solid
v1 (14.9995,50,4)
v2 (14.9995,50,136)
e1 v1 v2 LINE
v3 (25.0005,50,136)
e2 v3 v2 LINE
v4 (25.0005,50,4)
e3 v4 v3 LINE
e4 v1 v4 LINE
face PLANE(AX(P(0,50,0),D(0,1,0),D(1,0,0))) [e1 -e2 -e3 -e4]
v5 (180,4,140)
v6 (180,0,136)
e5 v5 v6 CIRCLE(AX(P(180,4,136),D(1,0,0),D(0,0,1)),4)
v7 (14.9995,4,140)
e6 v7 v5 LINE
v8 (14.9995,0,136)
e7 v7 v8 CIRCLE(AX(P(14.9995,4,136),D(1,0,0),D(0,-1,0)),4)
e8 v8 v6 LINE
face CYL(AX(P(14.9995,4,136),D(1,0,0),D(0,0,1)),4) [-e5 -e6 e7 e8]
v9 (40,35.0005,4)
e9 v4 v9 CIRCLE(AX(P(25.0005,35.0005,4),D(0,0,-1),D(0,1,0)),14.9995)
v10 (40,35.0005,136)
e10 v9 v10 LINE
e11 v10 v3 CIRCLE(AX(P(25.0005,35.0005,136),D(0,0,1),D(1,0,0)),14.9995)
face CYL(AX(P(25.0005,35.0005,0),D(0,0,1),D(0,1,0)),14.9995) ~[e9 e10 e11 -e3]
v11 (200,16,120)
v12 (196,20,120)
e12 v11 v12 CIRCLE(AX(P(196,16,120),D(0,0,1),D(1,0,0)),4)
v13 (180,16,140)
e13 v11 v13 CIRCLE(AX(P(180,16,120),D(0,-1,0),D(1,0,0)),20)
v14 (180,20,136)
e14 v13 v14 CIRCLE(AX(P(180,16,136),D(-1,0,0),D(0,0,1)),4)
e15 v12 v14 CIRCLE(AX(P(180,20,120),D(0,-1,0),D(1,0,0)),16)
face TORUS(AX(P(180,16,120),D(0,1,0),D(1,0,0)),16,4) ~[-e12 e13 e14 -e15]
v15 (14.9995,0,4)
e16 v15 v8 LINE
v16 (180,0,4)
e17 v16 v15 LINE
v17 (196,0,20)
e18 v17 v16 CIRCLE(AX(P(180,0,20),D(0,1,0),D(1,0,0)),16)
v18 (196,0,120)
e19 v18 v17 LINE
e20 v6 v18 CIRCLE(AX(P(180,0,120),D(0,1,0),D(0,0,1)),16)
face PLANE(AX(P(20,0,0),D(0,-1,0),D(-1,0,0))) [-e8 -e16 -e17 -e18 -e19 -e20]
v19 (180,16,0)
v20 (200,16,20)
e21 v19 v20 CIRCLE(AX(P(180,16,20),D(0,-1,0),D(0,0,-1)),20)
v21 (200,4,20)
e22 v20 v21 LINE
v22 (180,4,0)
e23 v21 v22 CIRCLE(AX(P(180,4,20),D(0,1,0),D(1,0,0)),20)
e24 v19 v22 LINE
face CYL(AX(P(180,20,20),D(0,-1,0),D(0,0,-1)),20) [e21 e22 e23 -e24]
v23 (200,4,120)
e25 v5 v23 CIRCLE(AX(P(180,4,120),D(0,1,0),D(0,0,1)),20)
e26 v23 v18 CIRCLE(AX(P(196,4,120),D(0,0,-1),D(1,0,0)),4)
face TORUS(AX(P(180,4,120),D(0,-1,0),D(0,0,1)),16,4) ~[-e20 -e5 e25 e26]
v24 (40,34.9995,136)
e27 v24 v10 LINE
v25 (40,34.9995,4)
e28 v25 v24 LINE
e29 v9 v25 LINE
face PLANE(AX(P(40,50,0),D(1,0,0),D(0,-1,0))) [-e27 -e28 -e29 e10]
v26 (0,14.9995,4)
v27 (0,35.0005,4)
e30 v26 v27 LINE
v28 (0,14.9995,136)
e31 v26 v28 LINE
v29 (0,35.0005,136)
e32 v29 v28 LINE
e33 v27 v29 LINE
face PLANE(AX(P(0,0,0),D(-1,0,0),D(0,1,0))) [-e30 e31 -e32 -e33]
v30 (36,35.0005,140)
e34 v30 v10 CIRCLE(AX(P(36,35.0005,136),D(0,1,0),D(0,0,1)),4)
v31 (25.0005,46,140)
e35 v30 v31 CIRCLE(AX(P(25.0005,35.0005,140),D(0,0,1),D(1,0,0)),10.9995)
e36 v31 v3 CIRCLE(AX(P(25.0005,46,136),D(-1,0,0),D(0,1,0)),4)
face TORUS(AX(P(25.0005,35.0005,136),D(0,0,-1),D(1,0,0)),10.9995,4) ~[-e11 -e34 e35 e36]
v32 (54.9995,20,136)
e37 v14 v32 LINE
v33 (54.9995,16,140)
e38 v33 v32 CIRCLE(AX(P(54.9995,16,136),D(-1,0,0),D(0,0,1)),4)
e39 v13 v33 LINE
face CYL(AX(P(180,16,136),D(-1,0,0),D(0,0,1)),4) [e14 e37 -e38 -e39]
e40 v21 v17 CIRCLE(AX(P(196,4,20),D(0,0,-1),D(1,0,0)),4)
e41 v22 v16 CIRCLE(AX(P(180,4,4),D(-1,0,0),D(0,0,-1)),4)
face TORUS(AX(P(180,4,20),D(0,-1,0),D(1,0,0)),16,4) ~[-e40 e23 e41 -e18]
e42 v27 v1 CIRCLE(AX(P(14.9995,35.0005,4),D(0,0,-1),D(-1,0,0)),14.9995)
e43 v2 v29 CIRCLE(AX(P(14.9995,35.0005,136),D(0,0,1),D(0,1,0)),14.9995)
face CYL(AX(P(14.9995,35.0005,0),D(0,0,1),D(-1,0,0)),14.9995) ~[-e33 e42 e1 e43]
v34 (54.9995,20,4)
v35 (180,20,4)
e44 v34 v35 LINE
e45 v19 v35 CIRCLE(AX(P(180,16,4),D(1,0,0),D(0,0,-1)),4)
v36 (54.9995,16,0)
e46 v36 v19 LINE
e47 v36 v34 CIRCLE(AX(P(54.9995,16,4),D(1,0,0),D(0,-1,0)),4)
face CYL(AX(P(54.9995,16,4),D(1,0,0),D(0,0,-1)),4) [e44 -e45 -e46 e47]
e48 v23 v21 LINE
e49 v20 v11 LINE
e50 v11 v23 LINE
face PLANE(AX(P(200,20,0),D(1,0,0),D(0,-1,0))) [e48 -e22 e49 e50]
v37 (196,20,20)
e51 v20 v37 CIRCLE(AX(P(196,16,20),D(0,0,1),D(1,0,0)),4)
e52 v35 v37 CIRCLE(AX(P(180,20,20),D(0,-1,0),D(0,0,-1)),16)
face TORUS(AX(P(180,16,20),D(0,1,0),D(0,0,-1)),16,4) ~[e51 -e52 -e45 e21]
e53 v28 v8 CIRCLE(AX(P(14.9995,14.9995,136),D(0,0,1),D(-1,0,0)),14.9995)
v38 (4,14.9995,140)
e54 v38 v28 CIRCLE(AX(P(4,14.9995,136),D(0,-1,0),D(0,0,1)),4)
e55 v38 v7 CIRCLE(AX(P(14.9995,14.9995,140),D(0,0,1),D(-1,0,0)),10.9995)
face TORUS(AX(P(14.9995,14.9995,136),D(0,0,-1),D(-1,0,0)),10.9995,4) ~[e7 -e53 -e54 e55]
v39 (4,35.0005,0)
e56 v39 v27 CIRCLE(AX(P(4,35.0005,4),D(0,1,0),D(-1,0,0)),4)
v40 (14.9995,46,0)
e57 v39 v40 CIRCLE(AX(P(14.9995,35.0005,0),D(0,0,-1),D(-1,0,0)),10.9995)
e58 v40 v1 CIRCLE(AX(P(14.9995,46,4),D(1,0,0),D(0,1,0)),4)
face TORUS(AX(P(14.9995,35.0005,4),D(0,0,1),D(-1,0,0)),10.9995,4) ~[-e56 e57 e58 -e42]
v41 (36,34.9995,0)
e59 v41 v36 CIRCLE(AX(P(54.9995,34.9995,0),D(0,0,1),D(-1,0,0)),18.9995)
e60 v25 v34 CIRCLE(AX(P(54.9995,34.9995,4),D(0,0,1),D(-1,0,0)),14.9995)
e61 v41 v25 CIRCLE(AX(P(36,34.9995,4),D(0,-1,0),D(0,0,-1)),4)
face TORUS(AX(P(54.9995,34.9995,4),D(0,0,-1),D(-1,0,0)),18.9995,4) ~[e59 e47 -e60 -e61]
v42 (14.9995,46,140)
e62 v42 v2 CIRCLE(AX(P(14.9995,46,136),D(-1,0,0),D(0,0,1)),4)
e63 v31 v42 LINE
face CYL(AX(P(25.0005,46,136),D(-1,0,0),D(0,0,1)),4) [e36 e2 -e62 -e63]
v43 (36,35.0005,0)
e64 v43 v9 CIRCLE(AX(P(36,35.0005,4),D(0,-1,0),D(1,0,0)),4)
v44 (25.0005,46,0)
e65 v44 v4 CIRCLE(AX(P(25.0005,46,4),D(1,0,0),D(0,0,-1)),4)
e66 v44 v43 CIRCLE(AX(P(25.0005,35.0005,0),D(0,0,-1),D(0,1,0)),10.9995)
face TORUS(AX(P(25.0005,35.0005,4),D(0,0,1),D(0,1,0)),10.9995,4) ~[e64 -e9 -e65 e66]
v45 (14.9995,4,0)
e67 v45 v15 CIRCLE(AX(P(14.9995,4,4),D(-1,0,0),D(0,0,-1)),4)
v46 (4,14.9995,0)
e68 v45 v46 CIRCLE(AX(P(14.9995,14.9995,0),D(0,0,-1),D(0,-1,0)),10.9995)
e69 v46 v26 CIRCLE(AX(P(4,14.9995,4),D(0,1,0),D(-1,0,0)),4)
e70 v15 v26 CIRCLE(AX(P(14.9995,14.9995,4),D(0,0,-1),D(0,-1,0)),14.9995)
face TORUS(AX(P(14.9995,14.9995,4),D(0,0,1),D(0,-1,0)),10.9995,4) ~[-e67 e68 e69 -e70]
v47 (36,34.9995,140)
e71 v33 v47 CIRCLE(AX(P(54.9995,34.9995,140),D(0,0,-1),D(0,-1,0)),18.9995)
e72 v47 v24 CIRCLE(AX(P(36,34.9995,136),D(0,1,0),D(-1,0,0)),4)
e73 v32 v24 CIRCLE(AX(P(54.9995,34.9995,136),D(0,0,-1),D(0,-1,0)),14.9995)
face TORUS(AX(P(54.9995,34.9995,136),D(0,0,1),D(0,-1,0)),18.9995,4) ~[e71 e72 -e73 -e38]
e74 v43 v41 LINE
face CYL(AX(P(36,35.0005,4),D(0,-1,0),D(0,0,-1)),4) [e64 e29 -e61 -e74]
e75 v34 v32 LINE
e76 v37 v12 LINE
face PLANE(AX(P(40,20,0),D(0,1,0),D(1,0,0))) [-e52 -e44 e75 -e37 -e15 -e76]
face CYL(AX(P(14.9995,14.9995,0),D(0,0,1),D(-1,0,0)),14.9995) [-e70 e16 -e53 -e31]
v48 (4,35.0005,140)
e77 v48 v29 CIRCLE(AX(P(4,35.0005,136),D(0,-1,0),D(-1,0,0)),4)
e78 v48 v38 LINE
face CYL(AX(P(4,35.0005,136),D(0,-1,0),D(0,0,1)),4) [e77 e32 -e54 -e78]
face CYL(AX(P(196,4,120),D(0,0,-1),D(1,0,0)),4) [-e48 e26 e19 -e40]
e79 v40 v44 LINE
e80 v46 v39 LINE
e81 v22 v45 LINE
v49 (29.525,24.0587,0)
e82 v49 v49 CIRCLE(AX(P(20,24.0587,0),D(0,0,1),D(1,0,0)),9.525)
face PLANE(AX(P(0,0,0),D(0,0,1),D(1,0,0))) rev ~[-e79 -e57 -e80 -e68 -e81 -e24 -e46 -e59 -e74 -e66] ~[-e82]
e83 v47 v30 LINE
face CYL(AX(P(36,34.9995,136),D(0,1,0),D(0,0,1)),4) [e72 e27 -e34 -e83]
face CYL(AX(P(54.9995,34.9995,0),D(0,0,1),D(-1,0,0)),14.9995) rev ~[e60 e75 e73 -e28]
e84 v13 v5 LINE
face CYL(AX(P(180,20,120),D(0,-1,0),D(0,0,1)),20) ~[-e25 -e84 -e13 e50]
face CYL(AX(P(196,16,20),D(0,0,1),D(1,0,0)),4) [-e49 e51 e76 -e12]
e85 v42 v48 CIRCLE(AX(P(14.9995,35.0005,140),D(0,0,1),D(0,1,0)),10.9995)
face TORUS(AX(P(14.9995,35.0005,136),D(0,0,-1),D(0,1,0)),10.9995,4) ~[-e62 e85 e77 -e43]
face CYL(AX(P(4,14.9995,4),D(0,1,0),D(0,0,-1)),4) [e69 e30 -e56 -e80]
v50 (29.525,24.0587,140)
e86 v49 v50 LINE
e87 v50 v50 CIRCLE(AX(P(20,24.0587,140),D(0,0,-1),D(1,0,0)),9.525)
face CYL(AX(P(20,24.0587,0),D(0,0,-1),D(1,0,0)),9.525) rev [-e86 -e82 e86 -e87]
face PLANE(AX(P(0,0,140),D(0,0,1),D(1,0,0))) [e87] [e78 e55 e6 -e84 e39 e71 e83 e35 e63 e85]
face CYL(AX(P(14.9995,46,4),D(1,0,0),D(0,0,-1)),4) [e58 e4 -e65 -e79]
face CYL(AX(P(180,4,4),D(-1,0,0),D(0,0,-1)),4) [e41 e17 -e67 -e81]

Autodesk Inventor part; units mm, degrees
ref_plane "YZ Plane" through (0, 0, 0) normal (1, 0, 0) x (0, 1, 0)
ref_plane "XZ Plane" through (0, 0, 0) normal (0, 1, 0) x (-1, 0, 0)
ref_plane "XY Plane" through (0, 0, 0) normal (0, 0, 1) x (1, 0, 0)
sketch "Sketch1" plane through (0, 0, 0) normal (0, 0, 1) x (1, 0, 0)
  line L0 (0, 0) -> (0, 50)
  line L1 (0, 50) -> (40, 50)
  line L2 (40, 50) -> (40, 20)
  line L3 (40, 20) -> (200, 20)
  line L4 (200, 20) -> (200, 0)
  line L5 (200, 0) -> (0, 0)
  line L6 (20, 50) -> (20, -1.8826)
  line L7 (20, -1.8826) -> (20, 0)
  circle A0 centre (20, 24.0587) radius 9.525
  dimension "d0" = 200
  dimension "d1" = 50
  dimension "d2" = 40
  dimension "d3" = 20
  dimension "d4" = 19.05
extrude "Extrusion1" add sketch "Sketch1" along normal blind 140 contours L0 L1 L6 A0 L5 | L6 A0 L1 L2 L3 L4 L5
fillet "Fillet1" radius 15 4 edges at (0, 50, 70) (40, 50, 70) (40, 20, 70) (0, 0, 70)
fillet "Fillet2" radius 20 2 edges at (200, 10, 140) (200, 10, 0)
fillet "Fillet3" radius 4 22 edges at (4.3933, 45.6067, 0) (0, 25, 0) (4.3933, 4.3933, 0) (97.4998, 0, 0) (194.1421, 0, 5.8579) (200, 0, 70) (194.1421, 0, 134.1421) (97.4998, 0, 140) (4.3933, 4.3933, 140) (0, 25, 140) (4.3933, 45.6067, 140) (20, 50, 140) (35.6067, 45.6067, 140) (40, 35, 140) (117.4998, 20, 140) (194.1421, 20, 134.1421) (200, 20, 70) (194.1421, 20, 5.8579) (117.4998, 20, 0) (40, 35, 0) (35.6067, 45.6067, 0) (20, 50, 0)
properties part number "foot rest EG26"
